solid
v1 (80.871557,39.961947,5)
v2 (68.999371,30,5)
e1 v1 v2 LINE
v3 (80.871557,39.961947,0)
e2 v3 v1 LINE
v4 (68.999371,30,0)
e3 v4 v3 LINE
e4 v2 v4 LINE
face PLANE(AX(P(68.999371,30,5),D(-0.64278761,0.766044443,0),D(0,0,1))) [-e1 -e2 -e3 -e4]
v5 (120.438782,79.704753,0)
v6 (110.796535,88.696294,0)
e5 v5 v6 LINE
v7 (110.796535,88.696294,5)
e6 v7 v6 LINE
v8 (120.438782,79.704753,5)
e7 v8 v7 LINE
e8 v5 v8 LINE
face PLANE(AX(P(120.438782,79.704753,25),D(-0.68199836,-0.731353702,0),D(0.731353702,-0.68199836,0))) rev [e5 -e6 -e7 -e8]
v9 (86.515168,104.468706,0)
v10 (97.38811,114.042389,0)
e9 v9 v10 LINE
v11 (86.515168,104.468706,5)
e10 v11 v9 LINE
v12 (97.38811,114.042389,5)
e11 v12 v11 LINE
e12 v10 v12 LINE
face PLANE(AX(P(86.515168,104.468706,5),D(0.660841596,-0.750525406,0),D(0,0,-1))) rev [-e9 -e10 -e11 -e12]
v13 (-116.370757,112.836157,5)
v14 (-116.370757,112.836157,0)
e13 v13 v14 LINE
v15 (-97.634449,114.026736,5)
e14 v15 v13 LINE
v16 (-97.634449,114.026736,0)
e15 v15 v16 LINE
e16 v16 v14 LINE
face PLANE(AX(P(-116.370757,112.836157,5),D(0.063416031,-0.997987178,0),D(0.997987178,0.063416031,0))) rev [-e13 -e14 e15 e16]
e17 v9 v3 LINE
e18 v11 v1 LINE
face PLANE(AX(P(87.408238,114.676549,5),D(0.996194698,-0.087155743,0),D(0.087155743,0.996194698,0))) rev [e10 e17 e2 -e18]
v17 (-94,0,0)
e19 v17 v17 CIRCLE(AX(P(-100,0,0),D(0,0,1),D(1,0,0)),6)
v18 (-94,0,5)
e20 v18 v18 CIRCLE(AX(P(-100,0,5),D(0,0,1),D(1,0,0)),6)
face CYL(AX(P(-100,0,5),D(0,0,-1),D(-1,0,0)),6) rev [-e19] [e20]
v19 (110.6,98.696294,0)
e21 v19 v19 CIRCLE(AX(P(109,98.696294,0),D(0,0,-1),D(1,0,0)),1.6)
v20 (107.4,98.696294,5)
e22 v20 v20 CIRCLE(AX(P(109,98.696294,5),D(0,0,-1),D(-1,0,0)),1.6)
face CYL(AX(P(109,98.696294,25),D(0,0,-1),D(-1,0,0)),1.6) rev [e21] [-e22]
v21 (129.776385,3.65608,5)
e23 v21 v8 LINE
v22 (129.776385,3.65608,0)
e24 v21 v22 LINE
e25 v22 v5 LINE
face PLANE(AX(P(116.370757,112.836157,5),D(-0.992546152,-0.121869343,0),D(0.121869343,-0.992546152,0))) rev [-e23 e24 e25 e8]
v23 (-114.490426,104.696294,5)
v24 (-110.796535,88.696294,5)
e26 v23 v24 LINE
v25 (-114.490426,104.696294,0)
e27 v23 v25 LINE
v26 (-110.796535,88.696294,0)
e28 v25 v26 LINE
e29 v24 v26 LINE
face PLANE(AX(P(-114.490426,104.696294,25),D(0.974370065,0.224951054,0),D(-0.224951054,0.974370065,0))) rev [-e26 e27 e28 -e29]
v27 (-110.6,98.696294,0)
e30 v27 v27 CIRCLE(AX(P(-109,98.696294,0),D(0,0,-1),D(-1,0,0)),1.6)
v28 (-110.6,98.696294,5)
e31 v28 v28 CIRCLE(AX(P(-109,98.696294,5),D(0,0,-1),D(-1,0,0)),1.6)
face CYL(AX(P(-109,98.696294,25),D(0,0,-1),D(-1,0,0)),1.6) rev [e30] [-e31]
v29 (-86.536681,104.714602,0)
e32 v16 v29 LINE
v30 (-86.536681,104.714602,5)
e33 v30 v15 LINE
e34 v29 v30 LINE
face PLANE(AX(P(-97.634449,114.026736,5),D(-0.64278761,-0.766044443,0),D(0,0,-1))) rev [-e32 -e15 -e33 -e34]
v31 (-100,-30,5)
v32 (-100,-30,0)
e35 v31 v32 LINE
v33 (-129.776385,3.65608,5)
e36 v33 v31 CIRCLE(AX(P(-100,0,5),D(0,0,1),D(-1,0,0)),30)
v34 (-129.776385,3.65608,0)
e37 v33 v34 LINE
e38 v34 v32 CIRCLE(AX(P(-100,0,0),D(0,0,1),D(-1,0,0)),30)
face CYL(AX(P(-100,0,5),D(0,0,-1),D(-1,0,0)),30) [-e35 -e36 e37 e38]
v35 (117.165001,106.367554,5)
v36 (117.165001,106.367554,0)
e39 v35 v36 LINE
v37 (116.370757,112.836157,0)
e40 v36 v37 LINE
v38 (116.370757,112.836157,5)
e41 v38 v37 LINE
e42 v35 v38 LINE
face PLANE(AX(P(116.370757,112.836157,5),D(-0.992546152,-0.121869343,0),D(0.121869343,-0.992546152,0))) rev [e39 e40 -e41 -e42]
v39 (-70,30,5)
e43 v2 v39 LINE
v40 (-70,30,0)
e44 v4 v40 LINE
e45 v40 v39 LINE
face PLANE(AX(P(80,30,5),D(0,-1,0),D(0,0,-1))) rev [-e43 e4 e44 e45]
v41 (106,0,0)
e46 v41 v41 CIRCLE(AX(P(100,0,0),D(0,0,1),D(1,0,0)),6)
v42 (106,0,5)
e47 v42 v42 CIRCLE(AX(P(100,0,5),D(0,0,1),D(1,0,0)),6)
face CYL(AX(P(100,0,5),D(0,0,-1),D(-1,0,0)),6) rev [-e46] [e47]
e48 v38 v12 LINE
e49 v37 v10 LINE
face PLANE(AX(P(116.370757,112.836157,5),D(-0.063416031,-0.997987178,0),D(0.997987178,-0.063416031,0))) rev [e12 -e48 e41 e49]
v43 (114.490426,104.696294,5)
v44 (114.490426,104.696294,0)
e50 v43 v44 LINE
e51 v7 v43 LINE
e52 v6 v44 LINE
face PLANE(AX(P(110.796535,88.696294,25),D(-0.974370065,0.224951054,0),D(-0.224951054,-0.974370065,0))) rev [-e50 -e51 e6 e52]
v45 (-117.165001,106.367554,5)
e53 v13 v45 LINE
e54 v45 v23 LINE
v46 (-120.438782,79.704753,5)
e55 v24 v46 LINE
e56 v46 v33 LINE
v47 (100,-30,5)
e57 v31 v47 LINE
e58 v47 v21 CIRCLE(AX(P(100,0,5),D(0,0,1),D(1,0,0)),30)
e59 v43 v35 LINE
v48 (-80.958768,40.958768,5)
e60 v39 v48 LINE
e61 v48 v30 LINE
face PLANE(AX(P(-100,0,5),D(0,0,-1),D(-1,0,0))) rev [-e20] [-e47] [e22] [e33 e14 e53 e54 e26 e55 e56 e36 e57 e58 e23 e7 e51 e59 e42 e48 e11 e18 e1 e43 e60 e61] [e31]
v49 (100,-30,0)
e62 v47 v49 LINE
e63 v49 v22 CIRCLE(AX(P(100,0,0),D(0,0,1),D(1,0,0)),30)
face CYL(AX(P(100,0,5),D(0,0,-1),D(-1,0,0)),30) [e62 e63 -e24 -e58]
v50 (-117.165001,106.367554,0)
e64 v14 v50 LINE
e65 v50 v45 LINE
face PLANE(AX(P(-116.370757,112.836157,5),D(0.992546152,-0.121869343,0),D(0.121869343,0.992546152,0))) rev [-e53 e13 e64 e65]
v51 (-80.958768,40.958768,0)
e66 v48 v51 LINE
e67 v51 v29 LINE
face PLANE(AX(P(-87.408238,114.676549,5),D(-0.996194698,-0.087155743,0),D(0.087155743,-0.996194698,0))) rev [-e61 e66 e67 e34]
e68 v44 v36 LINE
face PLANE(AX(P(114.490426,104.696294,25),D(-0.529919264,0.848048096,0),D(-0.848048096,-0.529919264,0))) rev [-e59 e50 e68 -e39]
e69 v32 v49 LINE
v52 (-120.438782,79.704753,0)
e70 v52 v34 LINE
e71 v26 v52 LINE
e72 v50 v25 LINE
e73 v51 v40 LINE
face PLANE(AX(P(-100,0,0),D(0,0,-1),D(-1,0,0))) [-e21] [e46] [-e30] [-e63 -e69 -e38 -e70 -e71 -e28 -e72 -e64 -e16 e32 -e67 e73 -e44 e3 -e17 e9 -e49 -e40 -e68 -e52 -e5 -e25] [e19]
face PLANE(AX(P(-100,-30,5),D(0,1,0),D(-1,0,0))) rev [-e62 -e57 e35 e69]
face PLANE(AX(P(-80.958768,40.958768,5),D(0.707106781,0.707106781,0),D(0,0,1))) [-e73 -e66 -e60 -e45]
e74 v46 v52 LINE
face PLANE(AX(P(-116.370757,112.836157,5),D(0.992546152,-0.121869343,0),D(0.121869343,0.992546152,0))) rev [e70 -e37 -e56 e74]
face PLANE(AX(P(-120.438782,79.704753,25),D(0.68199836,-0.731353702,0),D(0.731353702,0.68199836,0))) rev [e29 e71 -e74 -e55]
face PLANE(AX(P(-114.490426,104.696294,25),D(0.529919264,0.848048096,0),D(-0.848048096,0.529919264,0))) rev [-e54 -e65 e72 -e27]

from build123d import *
from OCP.BRepFilletAPI import BRepFilletAPI_MakeChamfer

# Parameters (mm, degrees)
SKETCH1_R           = 6
BOSS_EXTRUDE1_DEPTH = 5
SKETCH2_R           = 1.6
CUT_EXTRUDE1_DEPTH  = 25
CHAMFER1_SIZE       = 10
CHAMFER1_SIZE2      = 10.246835966
CHAMFER2_SIZE       = 10
CHAMFER2_SIZE2      = 11.000628676


with BuildPart() as part:
    # Sketch1 → Boss-Extrude1 (new body)
    with BuildSketch(Plane.XY):
        with BuildLine():
            Line((80, 30), (-80, 30))
            Line((-80, 30), (-87.408238134, 114.676549338))
            Line((-87.408238134, 114.676549338), (-116.370756775, 112.836156983))
            Line((-116.370756775, 112.836156983), (-129.776384549, 3.656080302))
            ThreePointArc((-129.776384549, 3.656080302), (-122.468671624, -19.878601446), (-100, -30))
            Line((-100, -30), (100, -30))
            ThreePointArc((100, -30), (122.468671624, -19.878601446), (129.776384549, 3.656080302))
            Line((129.776384549, 3.656080302), (116.370756775, 112.836156983))
            Line((116.370756775, 112.836156983), (87.408238134, 114.676549338))
            Line((87.408238134, 114.676549338), (80, 30))
        make_face()
        with Locations((-100, 0)):
            Circle(SKETCH1_R, mode=Mode.SUBTRACT)
        with Locations((100, 0)):
            Circle(SKETCH1_R, mode=Mode.SUBTRACT)
    extrude(amount=BOSS_EXTRUDE1_DEPTH)

    # Sketch2 → Cut-Extrude1 (cut)
    with BuildSketch(Plane(origin=(0, 0, 0), x_dir=(-1, 0, 0), z_dir=(0, 0, -1))):
        with Locations((109, 98.696293654)):
            Circle(SKETCH2_R)
        with Locations((-109, 98.696293654)):
            Circle(SKETCH2_R)
        Polygon((120.438781703, 79.704752691), (110.79653452, 88.696293654), (114.490425578, 104.696293654), (117.165001342, 106.367554078), align=None)
        Polygon((-117.165001342, 106.367554078), (-120.438781703, 79.704752691), (-110.79653452, 88.696293654), (-114.490425578, 104.696293654), align=None)
    extrude(amount=-CUT_EXTRUDE1_DEPTH, mode=Mode.SUBTRACT)

    # Chamfer1: one chamfer whose edges measure the first distance from different faces: ONE call of the kernel's chamfer builder (chamfer() names one face for all edges)
    chamfer1_edges_1 = [part.edges().sort_by_distance(p)[0] for p in [
        (-87.408238134, 114.676549338, 2.5),
    ]]
    chamfer1_side_1 = [part.faces().sort_by_distance(p)[0] for p in [
        (-83.704119067, 72.338274669, 2.5),
    ]]
    chamfer1_edges_2 = [part.edges().sort_by_distance(p)[0] for p in [
        (87.408238134, 114.676549338, 2.5),
    ]]
    chamfer1_side_2 = [part.faces().sort_by_distance(p)[0] for p in [
        (101.889497454, 113.75635316, 2.5),
    ]]
    chamfer1 = BRepFilletAPI_MakeChamfer(part.part.solid().wrapped)
    for e in chamfer1_edges_1:
        chamfer1.Add(CHAMFER1_SIZE, CHAMFER1_SIZE2, e.wrapped, chamfer1_side_1[0].wrapped)  # the first distance lies on this face
    for e in chamfer1_edges_2:
        chamfer1.Add(CHAMFER1_SIZE, CHAMFER1_SIZE2, e.wrapped, chamfer1_side_2[0].wrapped)  # the first distance lies on this face
    add(Compound.cast(chamfer1.Shape()), mode=Mode.REPLACE)

    # Chamfer2: one chamfer whose edges measure the first distance from different faces: ONE call of the kernel's chamfer builder (chamfer() names one face for all edges)
    chamfer2_edges_1 = [part.edges().sort_by_distance(p)[0] for p in [
        (-80, 30, 2.5),
    ]]
    chamfer2_side_1 = [part.faces().sort_by_distance(p)[0] for p in [
        (0, 30, 2.5),
    ]]
    chamfer2_edges_2 = [part.edges().sort_by_distance(p)[0] for p in [
        (80, 30, 2.5),
    ]]
    chamfer2_side_2 = [part.faces().sort_by_distance(p)[0] for p in [
        (83.257583767, 67.234352838, 2.5),
    ]]
    chamfer2 = BRepFilletAPI_MakeChamfer(part.part.solid().wrapped)
    for e in chamfer2_edges_1:
        chamfer2.Add(CHAMFER2_SIZE, CHAMFER2_SIZE2, e.wrapped, chamfer2_side_1[0].wrapped)  # the first distance lies on this face
    for e in chamfer2_edges_2:
        chamfer2.Add(CHAMFER2_SIZE, CHAMFER2_SIZE2, e.wrapped, chamfer2_side_2[0].wrapped)  # the first distance lies on this face
    add(Compound.cast(chamfer2.Shape()), mode=Mode.REPLACE)


solid = part.part
